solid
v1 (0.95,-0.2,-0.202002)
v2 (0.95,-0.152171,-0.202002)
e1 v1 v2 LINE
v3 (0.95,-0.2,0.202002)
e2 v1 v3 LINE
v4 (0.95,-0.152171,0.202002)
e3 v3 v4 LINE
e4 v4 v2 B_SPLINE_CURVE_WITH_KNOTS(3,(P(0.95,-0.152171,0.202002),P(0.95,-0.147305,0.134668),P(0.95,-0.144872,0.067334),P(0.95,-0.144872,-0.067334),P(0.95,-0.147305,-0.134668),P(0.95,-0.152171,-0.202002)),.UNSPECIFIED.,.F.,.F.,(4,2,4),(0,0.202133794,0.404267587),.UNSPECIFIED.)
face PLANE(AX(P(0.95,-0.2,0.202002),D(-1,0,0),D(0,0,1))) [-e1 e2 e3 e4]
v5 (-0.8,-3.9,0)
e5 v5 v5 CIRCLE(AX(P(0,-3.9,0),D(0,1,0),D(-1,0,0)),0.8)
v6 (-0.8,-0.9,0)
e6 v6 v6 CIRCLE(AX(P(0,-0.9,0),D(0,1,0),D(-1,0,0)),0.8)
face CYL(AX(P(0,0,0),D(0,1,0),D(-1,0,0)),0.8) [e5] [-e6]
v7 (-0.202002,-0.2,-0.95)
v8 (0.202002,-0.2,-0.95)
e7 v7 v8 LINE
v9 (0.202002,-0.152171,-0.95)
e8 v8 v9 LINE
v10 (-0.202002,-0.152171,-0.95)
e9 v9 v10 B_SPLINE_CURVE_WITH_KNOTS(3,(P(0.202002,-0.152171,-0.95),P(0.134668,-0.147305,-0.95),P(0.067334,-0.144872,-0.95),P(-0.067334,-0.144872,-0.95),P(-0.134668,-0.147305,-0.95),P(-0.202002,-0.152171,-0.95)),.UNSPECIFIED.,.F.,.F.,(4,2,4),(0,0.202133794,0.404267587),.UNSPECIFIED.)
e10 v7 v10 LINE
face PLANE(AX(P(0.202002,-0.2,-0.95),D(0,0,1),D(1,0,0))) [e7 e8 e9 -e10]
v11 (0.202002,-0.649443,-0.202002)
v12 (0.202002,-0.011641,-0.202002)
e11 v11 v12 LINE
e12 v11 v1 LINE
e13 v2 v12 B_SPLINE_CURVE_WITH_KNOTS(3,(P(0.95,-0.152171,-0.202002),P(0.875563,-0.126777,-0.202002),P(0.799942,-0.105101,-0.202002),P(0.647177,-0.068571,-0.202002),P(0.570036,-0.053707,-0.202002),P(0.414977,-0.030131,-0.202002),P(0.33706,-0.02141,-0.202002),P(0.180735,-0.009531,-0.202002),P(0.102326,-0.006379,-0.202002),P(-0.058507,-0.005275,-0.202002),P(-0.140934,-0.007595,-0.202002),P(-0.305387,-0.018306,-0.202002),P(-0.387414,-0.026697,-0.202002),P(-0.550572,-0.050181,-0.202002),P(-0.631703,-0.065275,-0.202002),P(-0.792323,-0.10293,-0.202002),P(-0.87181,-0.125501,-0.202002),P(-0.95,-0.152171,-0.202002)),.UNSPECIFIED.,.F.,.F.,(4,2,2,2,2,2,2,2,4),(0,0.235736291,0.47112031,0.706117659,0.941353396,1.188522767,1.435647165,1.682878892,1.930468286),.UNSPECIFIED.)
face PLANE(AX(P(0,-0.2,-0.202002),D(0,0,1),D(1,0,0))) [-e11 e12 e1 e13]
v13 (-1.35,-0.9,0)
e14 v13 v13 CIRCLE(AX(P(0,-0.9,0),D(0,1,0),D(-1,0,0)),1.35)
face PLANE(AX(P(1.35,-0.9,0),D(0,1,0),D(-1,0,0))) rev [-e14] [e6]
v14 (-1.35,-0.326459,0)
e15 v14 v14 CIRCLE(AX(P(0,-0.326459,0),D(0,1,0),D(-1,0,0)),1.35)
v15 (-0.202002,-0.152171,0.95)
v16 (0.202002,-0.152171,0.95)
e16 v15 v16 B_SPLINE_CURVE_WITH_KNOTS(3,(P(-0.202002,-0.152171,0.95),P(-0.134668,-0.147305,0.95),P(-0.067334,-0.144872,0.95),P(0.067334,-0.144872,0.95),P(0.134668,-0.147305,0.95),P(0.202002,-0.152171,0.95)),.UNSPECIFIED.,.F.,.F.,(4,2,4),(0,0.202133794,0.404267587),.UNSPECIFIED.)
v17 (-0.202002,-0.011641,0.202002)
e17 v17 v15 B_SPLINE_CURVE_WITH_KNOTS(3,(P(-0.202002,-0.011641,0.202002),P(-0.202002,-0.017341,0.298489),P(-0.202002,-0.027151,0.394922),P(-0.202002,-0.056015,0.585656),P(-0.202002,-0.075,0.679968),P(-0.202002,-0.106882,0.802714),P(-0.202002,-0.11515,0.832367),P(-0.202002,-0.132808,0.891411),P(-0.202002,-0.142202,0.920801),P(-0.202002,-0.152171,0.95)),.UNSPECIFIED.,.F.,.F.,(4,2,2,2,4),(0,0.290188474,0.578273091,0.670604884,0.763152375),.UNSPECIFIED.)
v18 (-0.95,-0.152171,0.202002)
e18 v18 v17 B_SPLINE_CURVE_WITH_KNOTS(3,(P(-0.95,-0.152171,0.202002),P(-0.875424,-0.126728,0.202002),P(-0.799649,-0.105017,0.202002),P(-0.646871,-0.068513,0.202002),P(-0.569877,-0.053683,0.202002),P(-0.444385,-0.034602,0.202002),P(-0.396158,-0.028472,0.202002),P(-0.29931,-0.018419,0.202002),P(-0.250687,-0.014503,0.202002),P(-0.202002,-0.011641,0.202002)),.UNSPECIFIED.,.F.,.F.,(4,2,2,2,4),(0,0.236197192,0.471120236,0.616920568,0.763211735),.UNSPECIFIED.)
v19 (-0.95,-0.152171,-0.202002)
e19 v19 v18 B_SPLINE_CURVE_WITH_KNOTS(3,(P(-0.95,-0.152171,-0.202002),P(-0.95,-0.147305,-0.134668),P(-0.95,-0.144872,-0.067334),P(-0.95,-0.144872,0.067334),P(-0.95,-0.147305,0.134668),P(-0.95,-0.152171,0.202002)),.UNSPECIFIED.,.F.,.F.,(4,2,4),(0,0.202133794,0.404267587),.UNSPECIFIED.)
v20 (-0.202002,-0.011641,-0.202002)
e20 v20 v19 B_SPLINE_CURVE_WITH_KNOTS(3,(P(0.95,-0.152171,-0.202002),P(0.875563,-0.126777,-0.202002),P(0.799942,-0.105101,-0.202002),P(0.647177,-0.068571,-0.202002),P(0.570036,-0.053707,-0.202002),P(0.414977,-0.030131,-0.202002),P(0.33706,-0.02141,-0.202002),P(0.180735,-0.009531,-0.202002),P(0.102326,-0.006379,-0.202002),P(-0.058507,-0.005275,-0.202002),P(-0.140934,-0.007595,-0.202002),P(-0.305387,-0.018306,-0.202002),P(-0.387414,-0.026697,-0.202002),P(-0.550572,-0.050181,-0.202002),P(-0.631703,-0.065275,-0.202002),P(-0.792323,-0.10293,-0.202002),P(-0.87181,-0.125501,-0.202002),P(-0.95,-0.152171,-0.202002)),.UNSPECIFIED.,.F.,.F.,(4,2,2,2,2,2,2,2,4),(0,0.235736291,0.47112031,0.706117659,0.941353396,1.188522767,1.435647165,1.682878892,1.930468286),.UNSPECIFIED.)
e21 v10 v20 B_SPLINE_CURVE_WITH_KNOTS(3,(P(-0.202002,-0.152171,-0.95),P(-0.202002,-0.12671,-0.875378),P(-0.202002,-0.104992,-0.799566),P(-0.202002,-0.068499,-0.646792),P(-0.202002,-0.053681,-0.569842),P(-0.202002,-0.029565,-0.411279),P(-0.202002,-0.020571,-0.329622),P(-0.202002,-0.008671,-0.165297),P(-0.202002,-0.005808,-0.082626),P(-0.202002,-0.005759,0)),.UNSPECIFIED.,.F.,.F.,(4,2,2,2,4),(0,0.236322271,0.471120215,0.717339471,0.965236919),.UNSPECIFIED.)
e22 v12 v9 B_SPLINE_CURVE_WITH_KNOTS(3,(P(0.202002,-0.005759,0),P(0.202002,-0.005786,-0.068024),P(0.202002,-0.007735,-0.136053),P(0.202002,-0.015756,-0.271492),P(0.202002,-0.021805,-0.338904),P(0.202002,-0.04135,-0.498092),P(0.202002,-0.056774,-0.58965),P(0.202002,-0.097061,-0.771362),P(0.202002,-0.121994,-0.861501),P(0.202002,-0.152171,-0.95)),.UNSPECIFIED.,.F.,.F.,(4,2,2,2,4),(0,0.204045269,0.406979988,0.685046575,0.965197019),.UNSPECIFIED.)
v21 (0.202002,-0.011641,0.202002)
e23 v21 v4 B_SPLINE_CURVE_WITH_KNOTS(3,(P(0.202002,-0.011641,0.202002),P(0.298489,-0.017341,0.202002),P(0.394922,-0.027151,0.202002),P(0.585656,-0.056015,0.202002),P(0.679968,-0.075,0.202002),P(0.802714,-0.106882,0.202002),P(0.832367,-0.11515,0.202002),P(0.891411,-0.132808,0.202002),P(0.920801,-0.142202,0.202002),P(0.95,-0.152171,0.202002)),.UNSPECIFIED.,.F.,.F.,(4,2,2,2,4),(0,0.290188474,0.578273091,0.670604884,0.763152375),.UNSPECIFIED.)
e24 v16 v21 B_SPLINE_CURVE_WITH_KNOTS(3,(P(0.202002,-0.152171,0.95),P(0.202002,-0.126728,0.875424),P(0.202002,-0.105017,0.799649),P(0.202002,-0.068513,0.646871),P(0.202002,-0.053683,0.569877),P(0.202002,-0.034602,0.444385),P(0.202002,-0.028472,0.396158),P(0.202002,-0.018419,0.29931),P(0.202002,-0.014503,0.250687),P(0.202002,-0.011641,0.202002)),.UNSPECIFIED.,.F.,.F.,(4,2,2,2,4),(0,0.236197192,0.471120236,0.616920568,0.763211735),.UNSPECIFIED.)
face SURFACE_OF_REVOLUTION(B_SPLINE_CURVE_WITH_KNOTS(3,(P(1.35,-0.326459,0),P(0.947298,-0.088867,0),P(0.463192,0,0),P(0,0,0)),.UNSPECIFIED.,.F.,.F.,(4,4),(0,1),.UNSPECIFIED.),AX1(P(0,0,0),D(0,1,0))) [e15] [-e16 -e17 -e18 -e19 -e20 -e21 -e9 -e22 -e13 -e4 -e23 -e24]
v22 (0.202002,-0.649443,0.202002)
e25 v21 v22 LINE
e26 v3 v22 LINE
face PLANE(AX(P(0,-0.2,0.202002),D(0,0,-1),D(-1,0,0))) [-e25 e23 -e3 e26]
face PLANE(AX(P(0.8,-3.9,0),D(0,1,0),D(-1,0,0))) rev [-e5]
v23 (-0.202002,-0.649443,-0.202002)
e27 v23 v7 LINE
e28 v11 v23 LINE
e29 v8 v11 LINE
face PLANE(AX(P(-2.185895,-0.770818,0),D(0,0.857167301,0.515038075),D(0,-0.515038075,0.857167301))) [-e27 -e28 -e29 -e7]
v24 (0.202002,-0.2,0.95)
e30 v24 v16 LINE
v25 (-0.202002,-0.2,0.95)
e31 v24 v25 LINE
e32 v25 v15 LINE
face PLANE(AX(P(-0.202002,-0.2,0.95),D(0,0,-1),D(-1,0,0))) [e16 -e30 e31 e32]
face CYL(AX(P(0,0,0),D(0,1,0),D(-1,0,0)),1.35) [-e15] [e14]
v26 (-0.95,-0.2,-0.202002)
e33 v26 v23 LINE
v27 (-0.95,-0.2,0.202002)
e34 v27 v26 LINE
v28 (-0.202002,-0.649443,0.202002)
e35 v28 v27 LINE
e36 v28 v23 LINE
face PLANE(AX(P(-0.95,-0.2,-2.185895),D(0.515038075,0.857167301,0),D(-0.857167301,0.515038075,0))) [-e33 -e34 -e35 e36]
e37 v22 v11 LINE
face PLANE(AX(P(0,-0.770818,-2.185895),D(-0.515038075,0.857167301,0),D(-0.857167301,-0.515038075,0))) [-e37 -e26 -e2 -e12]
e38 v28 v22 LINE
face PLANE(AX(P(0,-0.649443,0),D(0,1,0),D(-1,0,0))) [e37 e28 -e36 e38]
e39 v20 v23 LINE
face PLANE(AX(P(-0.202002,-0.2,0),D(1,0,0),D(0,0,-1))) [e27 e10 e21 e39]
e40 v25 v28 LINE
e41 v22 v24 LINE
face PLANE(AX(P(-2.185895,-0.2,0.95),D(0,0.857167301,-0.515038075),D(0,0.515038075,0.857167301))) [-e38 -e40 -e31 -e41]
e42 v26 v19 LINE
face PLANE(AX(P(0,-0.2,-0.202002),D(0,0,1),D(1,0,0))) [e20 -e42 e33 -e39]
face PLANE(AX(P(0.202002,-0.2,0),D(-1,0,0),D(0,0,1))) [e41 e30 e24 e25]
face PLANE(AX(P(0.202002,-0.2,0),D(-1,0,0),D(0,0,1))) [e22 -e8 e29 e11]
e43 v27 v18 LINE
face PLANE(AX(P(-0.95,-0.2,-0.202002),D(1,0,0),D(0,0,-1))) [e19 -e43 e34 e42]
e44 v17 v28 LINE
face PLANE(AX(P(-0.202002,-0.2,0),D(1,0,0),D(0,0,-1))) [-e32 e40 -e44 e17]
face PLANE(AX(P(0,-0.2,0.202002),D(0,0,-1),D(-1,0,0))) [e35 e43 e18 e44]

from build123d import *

# Parameters (mm, degrees)
SKETCH_3_W               = 0.404003898
SKETCH_3_H               = 0.95
CUT_EXTRUDE_1_DEPTH      = 0.2
PATTERN_CIRCULAR_4_COUNT = 4
CUT_EXTRUDE_4_DEPTH      = 0.404003899
CUT_EXTRUDE_5_DEPTH      = 0.404003899
SKETCH_8_W               = 0.404003898
SKETCH_8_H               = 0.404003898
EXTRUDE_1_DEPTH          = 0.3


with BuildPart() as part:
    # 草图2 → 旋转1 (revolve)
    with BuildSketch(Plane.XY, mode=Mode.PRIVATE) as revolve_1_sk:
        with BuildLine():
            Line((1.35, -0.326458657), (1.35, -0.9))
            Line((1.35, -0.9), (0.8, -0.9))
            Line((0.8, -0.9), (0.8, -3.9))
            Line((0.8, -3.9), (0, -3.9))
            Line((0, -3.9), (0, 0))
            add(Edge.make_bspline(
                [(0, 0), (0.463191953, 0), (0.947298492, -0.088866646), (1.35, -0.326458657)],
                knots=[0, 0, 0, 0, 1, 1, 1, 1], degree=3))
        make_face()
    revolve(revolve_1_sk.sketch.rotate(Axis((0, 0, 0), (0, -1, 0)), 180), axis=Axis((0, 0, 0), (0, -1, 0)))

    # 草图3 → 切除-拉伸1 (cut)
    with BuildSketch(Plane(origin=(0, 0, 0), x_dir=(-1, 0, 0), z_dir=(0, -1, 0))):
        with Locations((0, 0.475)):
            Rectangle(SKETCH_3_W, SKETCH_3_H)
    cut_extrude_1 = extrude(amount=CUT_EXTRUDE_1_DEPTH, mode=Mode.SUBTRACT)

    # 阵列(圆周)4: 切除-拉伸1 ×4 about axis
    pattern_circular_4_axis = Axis((0, 0, 0), (0, 1, 0))
    for i in range(1, PATTERN_CIRCULAR_4_COUNT):
        add(cut_extrude_1.rotate(pattern_circular_4_axis, i * 360 / PATTERN_CIRCULAR_4_COUNT), mode=Mode.SUBTRACT)

    # 草图6 → 切除-拉伸4 (cut)
    with BuildSketch(Plane(origin=(0, 0, 0.202001949), x_dir=(-1, 0, 0), z_dir=(0, 0, -1))):
        Polygon((0.95, -0.2), (0, -0.770817588), (-0.95, -0.2), align=None)
    extrude(amount=CUT_EXTRUDE_4_DEPTH, mode=Mode.SUBTRACT)

    # 草图7 → 切除-拉伸5 (cut)
    with BuildSketch(Plane.ZY.offset(-0.202001949)):
        Polygon((0.95, -0.2), (0, -0.770817588), (-0.95, -0.2), align=None)
    extrude(amount=CUT_EXTRUDE_5_DEPTH, mode=Mode.SUBTRACT)

    # 草图8 → 凸台-拉伸1 (add)
    with BuildSketch(Plane(origin=(0, -0.649442572, 0), x_dir=(-1, 0, 0), z_dir=(0, -1, 0))):
        Rectangle(SKETCH_8_W, SKETCH_8_H)
    extrude(amount=EXTRUDE_1_DEPTH)


solid = part.part
